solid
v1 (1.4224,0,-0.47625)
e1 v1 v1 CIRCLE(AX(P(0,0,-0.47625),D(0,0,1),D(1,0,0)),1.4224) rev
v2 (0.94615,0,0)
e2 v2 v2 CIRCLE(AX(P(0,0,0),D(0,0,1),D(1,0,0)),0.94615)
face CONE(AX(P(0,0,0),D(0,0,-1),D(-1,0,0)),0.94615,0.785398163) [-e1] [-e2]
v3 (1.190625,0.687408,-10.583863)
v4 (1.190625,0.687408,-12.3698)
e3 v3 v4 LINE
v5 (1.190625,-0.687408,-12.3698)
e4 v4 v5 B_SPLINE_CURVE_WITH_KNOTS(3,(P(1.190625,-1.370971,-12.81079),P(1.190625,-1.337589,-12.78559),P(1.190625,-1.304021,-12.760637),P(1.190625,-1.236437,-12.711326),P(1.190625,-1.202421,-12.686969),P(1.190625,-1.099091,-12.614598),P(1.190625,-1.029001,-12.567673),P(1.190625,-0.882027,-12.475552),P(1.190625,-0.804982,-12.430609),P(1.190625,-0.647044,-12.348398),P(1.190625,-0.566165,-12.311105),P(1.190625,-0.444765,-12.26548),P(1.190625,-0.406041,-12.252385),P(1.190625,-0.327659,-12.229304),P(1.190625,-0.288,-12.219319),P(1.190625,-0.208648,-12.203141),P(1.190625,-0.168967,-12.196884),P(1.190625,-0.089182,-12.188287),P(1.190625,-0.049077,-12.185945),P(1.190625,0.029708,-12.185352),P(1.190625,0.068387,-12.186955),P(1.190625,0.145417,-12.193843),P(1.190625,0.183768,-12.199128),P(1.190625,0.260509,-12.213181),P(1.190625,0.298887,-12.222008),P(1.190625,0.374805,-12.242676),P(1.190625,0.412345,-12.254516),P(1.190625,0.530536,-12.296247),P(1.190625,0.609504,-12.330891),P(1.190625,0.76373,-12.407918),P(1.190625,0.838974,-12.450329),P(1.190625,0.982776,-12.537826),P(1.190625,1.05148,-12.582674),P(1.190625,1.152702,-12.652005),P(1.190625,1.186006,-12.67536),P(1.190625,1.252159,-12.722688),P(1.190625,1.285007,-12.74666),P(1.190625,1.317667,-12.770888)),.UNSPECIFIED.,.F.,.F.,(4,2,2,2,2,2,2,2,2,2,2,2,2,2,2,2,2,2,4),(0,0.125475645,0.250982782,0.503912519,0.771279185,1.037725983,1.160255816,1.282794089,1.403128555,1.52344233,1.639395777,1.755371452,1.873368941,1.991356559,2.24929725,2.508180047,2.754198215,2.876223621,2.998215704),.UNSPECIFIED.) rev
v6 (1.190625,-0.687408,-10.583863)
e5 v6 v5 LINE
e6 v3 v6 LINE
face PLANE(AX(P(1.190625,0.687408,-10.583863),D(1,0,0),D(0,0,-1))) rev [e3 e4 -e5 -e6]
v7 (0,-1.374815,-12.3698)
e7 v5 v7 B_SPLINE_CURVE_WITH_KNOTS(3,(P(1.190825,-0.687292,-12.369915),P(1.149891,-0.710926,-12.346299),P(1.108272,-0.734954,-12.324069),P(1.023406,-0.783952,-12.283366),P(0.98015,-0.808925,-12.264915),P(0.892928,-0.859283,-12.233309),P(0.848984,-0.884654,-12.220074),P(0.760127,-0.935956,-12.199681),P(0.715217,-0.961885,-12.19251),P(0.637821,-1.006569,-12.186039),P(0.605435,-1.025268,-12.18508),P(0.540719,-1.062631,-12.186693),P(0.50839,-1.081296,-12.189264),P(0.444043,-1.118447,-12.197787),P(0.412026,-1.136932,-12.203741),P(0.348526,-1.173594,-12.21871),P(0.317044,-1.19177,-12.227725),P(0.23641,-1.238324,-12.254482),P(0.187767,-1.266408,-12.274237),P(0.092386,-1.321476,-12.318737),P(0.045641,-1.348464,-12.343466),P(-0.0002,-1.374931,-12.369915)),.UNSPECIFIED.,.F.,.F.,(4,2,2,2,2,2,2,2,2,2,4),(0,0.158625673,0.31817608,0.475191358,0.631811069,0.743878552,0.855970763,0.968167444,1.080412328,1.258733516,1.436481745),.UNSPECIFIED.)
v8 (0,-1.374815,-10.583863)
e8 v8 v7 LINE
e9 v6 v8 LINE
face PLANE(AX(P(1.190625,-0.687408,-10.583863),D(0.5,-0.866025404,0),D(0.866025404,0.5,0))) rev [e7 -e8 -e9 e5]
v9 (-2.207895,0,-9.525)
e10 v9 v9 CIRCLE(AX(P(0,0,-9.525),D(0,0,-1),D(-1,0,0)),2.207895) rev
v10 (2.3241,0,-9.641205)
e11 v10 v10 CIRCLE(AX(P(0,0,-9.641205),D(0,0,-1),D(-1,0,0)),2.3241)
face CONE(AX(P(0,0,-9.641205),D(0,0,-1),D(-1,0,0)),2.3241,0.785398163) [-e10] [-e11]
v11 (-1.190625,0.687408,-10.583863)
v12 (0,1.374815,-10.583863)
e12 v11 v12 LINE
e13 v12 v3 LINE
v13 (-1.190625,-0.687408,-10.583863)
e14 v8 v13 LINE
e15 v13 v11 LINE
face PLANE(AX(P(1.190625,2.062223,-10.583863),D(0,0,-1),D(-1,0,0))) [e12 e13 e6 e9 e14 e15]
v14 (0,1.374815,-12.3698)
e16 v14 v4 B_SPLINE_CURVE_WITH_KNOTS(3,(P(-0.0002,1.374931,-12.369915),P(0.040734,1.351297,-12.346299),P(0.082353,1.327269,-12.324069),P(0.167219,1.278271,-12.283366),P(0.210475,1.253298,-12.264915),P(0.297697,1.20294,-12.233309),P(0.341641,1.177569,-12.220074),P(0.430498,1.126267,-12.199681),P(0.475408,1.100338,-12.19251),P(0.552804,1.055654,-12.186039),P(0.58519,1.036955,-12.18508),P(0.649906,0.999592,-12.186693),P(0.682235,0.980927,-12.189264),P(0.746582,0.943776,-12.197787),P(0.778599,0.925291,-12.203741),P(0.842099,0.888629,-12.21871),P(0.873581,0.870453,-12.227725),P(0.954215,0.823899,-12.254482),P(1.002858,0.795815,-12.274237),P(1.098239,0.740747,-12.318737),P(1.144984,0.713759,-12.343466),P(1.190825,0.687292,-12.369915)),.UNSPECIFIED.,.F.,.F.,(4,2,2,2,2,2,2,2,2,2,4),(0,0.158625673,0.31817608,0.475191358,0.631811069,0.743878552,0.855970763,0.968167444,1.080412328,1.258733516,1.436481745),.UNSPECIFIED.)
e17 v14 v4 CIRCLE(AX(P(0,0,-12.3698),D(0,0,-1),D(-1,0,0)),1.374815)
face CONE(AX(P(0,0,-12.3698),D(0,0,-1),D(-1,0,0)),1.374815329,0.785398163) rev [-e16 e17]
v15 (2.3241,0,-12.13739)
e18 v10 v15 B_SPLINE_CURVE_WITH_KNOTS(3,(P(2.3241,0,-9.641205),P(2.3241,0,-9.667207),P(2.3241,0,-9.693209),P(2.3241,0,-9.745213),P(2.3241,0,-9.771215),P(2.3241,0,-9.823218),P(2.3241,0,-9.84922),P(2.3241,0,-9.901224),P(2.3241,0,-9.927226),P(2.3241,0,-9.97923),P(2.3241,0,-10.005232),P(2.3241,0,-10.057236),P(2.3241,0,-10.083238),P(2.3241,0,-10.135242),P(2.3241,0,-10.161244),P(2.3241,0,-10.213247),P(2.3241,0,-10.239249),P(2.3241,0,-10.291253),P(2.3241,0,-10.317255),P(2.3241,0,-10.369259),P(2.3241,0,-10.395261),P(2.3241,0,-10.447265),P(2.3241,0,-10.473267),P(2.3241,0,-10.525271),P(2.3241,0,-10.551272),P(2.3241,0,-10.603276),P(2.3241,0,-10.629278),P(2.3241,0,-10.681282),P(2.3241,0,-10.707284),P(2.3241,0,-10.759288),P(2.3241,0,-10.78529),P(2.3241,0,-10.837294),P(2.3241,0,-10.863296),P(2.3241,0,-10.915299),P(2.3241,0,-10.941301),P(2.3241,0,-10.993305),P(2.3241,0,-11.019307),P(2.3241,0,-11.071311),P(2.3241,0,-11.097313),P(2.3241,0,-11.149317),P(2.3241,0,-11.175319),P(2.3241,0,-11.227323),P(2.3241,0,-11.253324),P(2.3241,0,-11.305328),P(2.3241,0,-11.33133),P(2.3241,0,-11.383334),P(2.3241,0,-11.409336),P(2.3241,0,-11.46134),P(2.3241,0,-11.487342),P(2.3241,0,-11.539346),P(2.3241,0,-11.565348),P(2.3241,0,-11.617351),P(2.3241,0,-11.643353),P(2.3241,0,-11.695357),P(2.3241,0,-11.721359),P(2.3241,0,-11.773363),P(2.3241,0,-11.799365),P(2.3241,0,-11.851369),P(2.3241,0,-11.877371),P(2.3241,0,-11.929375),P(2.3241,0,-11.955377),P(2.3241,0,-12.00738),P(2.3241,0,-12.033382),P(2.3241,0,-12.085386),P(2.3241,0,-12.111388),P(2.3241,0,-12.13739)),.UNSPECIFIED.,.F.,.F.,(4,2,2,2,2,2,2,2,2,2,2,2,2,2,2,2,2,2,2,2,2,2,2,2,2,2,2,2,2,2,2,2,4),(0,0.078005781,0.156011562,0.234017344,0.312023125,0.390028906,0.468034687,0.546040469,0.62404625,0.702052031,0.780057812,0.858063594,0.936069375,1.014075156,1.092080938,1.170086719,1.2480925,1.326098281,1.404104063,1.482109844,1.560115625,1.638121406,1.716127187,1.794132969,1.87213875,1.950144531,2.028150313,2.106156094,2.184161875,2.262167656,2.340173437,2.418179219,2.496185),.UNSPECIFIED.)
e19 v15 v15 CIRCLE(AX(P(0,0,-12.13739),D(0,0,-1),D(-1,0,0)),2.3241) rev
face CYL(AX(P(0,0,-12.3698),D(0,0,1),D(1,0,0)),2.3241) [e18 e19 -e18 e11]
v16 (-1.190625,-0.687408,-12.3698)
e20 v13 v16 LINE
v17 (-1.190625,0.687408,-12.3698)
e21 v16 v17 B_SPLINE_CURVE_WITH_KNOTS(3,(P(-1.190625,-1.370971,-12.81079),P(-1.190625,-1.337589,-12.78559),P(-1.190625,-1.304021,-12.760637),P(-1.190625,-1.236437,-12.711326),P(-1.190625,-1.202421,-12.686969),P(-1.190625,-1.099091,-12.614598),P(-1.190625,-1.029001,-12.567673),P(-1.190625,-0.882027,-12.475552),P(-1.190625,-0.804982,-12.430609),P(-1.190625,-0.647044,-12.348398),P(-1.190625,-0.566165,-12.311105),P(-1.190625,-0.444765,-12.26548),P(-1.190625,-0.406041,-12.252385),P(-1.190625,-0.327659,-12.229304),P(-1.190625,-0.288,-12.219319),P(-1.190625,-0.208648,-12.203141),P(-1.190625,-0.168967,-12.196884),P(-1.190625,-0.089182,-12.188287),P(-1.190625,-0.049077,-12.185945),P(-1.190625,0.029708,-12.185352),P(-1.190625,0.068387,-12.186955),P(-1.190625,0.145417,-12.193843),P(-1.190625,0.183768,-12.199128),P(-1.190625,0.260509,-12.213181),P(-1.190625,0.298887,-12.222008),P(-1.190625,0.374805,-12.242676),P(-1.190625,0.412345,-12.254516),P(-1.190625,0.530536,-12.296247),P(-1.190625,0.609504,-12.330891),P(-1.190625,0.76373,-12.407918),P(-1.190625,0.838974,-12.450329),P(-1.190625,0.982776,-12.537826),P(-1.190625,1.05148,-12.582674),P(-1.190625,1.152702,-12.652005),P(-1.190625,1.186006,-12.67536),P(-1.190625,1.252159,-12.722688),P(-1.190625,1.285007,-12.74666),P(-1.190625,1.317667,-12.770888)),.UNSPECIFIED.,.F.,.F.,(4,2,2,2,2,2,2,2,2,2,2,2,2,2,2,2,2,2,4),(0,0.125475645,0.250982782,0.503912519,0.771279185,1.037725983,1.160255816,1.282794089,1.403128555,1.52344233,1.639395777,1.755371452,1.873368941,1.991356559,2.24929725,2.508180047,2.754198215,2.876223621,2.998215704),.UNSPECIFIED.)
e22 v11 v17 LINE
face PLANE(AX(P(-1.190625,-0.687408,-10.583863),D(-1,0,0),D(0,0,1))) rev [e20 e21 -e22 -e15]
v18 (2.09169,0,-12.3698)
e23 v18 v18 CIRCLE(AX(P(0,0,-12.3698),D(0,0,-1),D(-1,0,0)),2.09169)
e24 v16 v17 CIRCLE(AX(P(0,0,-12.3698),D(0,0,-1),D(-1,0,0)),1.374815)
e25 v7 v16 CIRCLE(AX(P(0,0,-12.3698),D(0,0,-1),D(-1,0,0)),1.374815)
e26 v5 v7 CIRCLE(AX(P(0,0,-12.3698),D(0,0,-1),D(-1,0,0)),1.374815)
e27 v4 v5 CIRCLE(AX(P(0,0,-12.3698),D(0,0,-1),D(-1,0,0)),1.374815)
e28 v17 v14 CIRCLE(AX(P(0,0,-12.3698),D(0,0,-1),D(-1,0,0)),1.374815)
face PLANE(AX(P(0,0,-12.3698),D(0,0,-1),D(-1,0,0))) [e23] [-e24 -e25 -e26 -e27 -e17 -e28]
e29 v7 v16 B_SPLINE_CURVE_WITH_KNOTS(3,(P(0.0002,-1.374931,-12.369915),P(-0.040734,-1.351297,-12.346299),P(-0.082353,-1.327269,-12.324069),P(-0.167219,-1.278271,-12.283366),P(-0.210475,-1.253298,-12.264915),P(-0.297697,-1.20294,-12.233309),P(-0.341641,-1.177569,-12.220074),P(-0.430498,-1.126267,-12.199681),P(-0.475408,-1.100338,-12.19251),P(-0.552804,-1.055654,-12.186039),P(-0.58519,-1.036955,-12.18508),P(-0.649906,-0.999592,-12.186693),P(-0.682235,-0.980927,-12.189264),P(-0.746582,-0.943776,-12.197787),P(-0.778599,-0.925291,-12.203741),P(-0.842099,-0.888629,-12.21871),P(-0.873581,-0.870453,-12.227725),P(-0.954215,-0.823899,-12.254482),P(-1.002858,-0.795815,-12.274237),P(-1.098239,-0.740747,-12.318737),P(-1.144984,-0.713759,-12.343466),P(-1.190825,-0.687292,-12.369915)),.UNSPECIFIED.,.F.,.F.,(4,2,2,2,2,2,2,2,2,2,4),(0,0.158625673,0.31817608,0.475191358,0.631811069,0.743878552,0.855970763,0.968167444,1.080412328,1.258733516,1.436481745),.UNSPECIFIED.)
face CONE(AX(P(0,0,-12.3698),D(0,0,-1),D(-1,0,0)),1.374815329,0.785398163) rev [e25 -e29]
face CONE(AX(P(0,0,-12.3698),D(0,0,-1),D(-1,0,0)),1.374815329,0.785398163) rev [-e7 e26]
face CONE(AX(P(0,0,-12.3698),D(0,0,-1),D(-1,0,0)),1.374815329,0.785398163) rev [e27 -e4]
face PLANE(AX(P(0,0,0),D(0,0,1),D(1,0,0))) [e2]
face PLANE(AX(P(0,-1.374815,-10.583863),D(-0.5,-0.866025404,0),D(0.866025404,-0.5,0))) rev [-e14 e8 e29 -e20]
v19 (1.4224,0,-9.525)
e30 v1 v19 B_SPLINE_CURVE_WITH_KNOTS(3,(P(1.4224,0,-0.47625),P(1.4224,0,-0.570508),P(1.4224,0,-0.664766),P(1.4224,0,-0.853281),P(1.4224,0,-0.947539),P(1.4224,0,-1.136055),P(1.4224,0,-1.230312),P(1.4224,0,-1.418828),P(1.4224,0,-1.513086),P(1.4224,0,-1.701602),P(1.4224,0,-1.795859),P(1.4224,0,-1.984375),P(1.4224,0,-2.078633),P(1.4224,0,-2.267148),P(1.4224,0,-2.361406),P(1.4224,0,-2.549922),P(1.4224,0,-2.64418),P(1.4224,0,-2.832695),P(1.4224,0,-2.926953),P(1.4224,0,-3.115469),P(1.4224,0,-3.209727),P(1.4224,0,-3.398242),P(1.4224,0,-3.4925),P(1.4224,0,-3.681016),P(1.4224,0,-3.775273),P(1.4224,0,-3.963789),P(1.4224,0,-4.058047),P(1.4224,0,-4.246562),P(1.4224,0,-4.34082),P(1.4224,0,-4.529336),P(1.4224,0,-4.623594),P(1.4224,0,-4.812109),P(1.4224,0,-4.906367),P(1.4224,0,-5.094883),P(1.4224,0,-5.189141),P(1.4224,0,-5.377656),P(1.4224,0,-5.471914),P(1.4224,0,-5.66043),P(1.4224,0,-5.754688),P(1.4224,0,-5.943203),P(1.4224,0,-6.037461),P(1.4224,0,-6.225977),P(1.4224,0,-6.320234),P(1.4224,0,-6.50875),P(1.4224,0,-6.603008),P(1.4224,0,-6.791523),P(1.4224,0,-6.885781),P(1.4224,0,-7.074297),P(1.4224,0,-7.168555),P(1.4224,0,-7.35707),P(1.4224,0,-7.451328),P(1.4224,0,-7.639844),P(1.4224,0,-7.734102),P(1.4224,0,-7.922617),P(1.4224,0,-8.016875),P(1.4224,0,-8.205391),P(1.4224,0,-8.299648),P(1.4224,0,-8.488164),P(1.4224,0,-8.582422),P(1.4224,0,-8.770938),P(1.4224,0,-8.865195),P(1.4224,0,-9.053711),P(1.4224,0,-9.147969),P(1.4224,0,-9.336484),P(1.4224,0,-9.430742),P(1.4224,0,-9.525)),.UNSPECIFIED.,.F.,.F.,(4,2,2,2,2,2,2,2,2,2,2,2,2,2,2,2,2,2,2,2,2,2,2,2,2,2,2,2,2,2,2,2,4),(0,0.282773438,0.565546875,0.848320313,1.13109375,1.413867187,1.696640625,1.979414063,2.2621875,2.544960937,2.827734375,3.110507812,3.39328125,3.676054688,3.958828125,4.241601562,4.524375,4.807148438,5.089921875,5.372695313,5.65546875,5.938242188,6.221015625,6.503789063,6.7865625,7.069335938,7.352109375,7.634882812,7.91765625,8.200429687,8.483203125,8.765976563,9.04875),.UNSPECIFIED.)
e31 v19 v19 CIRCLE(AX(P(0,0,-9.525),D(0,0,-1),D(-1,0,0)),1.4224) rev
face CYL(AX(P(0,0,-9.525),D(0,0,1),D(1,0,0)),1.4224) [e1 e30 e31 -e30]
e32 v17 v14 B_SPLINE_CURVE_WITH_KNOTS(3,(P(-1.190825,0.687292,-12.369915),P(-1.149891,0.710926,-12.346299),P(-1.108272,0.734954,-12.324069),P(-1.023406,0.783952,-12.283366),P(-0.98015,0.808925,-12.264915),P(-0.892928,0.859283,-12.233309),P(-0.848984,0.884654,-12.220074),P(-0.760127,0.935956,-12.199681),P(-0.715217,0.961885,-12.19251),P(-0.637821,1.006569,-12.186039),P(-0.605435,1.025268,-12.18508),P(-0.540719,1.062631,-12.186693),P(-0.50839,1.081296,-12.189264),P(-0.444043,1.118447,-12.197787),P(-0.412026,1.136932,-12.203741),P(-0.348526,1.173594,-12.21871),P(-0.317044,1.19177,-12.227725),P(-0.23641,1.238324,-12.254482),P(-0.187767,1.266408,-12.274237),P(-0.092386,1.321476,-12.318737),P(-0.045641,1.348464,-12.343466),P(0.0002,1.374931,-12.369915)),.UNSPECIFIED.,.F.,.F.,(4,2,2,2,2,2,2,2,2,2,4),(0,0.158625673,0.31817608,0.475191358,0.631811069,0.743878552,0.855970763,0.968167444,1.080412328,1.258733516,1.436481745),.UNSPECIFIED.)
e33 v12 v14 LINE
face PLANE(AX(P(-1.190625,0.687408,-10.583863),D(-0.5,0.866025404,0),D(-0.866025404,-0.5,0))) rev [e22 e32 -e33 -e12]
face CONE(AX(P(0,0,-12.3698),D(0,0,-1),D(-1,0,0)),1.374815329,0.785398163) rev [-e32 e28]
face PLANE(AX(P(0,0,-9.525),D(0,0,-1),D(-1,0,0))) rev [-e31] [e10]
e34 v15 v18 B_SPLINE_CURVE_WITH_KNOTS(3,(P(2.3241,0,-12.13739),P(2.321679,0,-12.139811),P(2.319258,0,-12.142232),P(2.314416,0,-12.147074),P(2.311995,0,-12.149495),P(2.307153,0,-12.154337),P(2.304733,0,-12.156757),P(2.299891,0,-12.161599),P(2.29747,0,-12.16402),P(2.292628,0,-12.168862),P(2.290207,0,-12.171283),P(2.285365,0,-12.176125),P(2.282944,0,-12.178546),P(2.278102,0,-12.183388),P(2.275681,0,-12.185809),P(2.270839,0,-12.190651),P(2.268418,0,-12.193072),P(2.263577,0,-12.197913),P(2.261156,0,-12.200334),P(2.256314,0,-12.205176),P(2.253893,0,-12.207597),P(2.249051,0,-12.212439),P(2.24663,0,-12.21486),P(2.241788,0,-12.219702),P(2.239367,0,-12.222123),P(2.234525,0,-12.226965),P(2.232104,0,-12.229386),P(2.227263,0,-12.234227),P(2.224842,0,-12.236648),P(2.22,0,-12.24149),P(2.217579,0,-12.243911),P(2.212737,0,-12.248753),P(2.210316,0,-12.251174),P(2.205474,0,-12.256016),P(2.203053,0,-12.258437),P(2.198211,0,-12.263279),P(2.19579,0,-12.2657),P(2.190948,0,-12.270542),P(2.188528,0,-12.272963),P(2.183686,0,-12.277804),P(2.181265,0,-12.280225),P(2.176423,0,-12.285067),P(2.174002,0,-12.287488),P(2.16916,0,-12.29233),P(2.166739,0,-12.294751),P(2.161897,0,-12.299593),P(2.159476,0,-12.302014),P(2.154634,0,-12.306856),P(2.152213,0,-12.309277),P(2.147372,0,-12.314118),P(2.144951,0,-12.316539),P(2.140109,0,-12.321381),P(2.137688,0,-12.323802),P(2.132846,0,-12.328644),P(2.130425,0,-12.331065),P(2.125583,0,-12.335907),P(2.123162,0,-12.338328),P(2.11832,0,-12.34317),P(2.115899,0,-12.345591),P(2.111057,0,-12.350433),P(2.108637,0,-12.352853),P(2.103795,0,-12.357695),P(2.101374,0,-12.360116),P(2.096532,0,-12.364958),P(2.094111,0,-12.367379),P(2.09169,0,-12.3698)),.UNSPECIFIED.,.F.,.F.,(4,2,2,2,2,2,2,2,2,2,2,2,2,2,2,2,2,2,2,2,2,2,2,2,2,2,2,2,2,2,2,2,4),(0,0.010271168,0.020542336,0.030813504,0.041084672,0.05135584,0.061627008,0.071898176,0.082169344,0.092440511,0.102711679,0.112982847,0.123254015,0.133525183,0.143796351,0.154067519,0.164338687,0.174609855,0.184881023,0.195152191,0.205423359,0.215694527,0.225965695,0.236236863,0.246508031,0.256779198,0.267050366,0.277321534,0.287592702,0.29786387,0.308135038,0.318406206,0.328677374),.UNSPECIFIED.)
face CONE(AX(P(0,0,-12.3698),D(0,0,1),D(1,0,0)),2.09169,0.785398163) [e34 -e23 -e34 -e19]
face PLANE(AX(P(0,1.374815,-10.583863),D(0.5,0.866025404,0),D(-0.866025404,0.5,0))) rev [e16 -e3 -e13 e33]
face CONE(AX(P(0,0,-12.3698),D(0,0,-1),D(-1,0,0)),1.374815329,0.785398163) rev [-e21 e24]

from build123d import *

# Parameters (mm, degrees)
SKETCH1_R          = 1.4224
EXTRUDE1_DEPTH     = 9.525
CHAMFER3_SIZE      = 0.47625
SKETCH6_R          = 2.3241
EXTRUDE2_DEPTH     = 2.8448
CUT_EXTRUDE1_DEPTH = 1.7859375
CHAMFER1_SIZE      = 0.23241
CHAMFER2_SIZE      = 0.116205


with BuildPart() as part:
    # Sketch1 → Extrude1 (new body)
    with BuildSketch(Plane.XY):
        Circle(SKETCH1_R)
    extrude(amount=-EXTRUDE1_DEPTH)

    # Chamfer3
    chamfer3_edges = [part.edges().sort_by_distance(p)[0] for p in [
        (-1.4224, 0, 0),
    ]]
    chamfer(chamfer3_edges, length=CHAMFER3_SIZE)

    # Sketch6 → Extrude2 (add)
    with BuildSketch(Plane(origin=(0, 0, -9.525), x_dir=(-1, 0, 0), z_dir=(0, 0, -1))):
        Circle(SKETCH6_R)
    extrude(amount=EXTRUDE2_DEPTH)

    # Sketch7 → Cut-Extrude1 (cut)
    with BuildSketch(Plane(origin=(0, 0, -12.3698), x_dir=(-1, 0, 0), z_dir=(0, 0, -1))):
        Polygon((0, 1.374815329), (-1.190625, 0.687407664), (-1.190625, -0.687407664), (0, -1.374815329), (1.190625, -0.687407664), (1.190625, 0.687407664), align=None)
    extrude(amount=-CUT_EXTRUDE1_DEPTH, mode=Mode.SUBTRACT)

    # Cut-Extrude2 cone 1 section (through the dimple's axis) → Cut-Extrude2 (revolve, cut)
    with BuildSketch(Plane(origin=(0, 0, -12.3698), x_dir=(0, 1, 0), z_dir=(1, 0, 0))):
        Polygon((0, 0), (1.374815329, 0), (0, 1.374815329), align=None)
    revolve(axis=Axis((0, 0, -12.3698), (0, 0, 1)), mode=Mode.SUBTRACT)

    # Chamfer1
    chamfer1_edges = [part.edges().sort_by_distance(p)[0] for p in [
        (2.3241, 0, -12.3698),
    ]]
    chamfer(chamfer1_edges, length=CHAMFER1_SIZE)

    # Chamfer2
    chamfer2_edges = [part.edges().sort_by_distance(p)[0] for p in [
        (2.3241, 0, -9.525),
    ]]
    chamfer(chamfer2_edges, length=CHAMFER2_SIZE)


solid = part.part
